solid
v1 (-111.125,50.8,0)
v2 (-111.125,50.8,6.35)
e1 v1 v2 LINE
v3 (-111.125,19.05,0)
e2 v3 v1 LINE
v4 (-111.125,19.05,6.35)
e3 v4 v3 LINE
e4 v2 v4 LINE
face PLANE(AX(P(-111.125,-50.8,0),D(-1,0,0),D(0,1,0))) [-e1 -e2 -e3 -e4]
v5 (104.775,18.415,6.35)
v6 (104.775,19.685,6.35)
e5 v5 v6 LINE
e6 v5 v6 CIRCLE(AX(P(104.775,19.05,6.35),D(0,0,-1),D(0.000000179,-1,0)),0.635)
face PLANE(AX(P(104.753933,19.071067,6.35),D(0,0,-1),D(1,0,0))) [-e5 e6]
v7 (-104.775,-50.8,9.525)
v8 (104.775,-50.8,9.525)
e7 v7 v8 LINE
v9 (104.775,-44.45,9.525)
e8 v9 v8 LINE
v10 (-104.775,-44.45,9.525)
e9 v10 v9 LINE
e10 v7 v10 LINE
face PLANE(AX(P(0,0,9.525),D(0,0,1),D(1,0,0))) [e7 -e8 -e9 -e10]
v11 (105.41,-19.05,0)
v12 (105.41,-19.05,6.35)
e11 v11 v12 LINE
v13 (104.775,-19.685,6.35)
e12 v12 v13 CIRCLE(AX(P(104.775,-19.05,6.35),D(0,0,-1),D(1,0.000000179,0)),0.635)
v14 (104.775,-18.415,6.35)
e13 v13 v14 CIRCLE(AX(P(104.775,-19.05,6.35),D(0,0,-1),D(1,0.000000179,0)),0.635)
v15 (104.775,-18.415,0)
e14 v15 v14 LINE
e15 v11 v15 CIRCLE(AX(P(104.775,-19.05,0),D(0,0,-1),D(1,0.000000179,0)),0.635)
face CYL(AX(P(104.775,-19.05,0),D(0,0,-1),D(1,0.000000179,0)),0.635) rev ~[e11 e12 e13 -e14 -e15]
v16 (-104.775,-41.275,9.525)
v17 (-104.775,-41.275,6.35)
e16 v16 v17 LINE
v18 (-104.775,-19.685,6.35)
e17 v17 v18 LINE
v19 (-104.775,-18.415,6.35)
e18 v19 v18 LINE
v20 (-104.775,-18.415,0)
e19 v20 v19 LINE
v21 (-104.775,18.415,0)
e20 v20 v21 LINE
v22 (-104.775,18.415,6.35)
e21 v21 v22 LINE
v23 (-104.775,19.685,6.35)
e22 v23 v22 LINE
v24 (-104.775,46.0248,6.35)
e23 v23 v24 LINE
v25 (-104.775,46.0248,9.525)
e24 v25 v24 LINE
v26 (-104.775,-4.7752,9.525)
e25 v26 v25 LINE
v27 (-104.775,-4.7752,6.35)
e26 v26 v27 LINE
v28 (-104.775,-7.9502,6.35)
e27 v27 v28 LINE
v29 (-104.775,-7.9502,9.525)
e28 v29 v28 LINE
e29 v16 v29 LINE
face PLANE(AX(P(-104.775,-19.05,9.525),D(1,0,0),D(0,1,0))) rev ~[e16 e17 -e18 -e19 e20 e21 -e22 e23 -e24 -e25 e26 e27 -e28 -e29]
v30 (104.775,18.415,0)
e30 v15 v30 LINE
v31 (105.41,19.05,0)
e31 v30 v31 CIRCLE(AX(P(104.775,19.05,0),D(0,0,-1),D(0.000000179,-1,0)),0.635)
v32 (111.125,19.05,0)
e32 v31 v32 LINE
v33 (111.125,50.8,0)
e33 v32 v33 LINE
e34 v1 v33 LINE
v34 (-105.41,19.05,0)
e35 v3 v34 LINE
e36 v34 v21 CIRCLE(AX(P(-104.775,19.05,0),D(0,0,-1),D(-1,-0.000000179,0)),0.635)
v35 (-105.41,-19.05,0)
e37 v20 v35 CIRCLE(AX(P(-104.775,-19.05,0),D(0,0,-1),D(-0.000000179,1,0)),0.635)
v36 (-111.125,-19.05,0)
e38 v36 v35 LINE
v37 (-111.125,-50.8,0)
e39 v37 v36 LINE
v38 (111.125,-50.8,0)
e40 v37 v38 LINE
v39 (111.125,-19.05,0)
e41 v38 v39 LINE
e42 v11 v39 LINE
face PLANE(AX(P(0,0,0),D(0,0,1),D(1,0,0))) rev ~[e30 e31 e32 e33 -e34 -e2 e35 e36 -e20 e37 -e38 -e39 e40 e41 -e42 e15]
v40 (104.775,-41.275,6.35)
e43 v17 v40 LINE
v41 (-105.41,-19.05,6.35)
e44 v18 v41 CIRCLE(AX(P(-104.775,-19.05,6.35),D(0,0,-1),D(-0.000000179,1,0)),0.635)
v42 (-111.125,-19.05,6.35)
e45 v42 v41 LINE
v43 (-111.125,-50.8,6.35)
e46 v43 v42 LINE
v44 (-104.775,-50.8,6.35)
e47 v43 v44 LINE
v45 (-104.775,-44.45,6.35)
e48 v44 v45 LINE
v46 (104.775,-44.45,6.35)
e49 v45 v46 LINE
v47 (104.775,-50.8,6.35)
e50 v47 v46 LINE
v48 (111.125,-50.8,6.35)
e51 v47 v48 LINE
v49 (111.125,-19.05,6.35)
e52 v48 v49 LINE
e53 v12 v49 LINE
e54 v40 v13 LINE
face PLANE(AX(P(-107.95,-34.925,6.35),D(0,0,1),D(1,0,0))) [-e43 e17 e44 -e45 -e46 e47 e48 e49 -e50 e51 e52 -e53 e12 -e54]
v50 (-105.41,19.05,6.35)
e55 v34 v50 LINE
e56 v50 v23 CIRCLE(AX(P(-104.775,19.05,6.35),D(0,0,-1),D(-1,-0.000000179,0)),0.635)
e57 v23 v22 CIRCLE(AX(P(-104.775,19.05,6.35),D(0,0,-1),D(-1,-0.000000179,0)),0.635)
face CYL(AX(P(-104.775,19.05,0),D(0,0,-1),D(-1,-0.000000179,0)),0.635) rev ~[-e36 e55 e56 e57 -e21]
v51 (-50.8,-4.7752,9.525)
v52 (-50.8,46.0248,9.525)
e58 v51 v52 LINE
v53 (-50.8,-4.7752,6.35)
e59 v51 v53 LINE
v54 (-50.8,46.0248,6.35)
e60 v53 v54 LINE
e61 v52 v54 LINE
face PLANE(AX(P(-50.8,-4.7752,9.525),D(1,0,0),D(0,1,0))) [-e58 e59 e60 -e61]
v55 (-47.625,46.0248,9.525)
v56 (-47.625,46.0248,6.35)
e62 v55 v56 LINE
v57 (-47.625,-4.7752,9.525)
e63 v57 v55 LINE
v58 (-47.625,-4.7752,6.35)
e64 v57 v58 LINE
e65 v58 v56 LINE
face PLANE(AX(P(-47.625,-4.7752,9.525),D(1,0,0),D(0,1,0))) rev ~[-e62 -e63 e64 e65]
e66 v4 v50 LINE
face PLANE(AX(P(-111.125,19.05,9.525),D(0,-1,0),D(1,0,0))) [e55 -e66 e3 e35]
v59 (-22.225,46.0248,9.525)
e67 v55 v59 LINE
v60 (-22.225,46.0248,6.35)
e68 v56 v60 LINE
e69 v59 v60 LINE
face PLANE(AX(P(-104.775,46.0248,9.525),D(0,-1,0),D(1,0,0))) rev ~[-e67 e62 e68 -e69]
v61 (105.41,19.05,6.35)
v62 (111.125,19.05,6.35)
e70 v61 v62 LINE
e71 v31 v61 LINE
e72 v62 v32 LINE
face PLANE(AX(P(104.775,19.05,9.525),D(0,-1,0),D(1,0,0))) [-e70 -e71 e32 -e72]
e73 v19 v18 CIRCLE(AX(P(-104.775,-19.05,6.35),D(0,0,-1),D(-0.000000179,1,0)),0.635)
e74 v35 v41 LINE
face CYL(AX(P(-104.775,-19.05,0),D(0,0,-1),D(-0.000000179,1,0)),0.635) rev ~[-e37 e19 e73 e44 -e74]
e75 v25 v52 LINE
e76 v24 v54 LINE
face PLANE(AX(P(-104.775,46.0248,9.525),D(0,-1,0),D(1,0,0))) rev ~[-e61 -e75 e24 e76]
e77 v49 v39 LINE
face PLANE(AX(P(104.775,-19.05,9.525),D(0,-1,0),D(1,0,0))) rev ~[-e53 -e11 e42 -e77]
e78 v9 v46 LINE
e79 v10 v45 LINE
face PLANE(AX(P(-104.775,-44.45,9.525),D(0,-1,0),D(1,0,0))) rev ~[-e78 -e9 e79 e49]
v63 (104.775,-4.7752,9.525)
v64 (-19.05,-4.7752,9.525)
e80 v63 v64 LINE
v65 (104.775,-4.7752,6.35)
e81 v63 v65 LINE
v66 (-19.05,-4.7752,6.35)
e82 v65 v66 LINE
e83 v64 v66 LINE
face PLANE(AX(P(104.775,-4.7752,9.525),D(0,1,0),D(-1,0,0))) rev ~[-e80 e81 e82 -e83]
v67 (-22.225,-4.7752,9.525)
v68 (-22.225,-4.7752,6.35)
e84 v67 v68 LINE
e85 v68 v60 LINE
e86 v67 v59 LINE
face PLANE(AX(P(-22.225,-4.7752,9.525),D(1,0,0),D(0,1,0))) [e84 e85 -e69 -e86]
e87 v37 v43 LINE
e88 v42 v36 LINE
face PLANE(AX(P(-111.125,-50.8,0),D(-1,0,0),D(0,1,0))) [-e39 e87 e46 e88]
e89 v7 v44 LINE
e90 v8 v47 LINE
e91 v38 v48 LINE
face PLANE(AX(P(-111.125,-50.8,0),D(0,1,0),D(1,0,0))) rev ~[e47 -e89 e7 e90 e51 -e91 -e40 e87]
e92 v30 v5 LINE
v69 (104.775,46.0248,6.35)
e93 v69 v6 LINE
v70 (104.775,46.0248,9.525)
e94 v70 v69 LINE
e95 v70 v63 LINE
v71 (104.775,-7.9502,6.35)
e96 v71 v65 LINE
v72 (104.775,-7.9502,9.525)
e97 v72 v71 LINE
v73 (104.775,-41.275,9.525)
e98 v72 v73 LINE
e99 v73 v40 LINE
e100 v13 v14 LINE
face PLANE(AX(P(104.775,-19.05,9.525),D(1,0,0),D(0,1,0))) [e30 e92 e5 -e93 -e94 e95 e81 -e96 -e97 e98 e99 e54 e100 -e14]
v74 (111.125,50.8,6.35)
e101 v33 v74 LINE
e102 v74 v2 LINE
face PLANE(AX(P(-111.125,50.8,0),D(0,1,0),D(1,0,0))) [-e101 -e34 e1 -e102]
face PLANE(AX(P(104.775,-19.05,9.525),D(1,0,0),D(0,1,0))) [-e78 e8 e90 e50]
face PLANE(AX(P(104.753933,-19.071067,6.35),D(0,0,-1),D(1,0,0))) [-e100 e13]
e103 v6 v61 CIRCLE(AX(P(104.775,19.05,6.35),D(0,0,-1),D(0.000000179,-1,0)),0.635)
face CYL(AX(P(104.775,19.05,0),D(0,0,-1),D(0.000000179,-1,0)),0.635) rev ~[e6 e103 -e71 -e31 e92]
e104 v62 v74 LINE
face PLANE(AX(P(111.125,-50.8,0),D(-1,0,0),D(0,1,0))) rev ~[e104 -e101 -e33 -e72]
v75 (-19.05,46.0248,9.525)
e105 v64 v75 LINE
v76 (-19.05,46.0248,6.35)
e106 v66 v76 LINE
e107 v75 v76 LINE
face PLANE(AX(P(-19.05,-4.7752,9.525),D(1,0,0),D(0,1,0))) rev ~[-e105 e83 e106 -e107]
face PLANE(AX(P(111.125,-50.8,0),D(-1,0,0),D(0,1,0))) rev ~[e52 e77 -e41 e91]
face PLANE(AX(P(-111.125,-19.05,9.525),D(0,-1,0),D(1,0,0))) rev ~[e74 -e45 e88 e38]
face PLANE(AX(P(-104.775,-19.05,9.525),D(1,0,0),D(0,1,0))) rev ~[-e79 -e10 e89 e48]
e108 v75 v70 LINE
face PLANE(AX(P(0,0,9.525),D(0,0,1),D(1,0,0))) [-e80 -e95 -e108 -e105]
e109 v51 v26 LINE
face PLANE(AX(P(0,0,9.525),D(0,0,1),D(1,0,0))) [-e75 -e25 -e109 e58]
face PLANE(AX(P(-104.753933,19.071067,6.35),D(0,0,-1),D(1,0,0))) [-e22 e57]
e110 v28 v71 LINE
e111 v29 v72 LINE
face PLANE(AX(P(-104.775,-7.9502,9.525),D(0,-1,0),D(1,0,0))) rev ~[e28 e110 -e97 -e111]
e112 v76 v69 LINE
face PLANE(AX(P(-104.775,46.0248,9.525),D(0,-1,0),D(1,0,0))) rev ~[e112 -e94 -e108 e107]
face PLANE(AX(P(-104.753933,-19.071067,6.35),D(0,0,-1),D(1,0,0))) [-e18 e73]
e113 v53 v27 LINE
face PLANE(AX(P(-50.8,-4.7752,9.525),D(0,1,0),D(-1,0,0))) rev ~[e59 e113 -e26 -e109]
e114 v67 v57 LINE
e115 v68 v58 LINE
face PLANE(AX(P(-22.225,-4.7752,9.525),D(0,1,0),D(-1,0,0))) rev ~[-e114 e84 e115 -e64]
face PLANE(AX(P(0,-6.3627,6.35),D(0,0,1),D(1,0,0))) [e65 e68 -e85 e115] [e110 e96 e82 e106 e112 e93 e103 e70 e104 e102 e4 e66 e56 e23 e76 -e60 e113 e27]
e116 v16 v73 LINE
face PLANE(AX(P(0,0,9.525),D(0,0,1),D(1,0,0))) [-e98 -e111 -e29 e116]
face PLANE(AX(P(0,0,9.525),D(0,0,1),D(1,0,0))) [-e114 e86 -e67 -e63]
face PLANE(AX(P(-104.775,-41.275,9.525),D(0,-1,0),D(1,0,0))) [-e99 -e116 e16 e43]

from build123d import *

# Parameters (mm, degrees)
F0_W     = 222.25
F0_H     = 101.6
F1_DEPTH = 9.525
F2_W     = 6.35
F2_H     = 38.1
F3_DEPTH = 9.526
F4_W     = 6.35
F4_H     = 31.75
F5_DEPTH = 3.175
F6_W     = 209.55
F6_H     = 3.175
F6_W_2   = 3.175
F6_H_2   = 50.8
F7_DEPTH = 3.175
F9_DEPTH = 6.35


with BuildPart() as f1:
    # F0 (on Top) → F1 (new body)
    with BuildSketch(Plane.XY):
        Rectangle(F0_W, F0_H)
    extrude(amount=F1_DEPTH)

    # F2 (on face) → F3 (cut, through all)
    with BuildSketch(Plane.XY.offset(9.525)):
        with Locations((-107.95, 0)):
            Rectangle(F2_W, F2_H)
        with Locations((107.95, 0)):
            Rectangle(F2_W, F2_H)
    extrude(amount=-F3_DEPTH, mode=Mode.SUBTRACT)

    # F4 (on face) → F5 (cut)
    with BuildSketch(Plane.XY.offset(9.525)):
        Polygon((-111.125, 19.05), (-104.775, 19.05), (-104.775, 46.0248), (104.775, 46.0248), (104.775, 19.05), (111.125, 19.05), (111.125, 50.8), (-111.125, 50.8), align=None)
        with Locations((-107.95, -34.925)):
            Rectangle(F4_W, F4_H)
        with Locations((107.95, -34.925)):
            Rectangle(F4_W, F4_H)
    extrude(amount=-F5_DEPTH, mode=Mode.SUBTRACT)

    # F6 (on face) → F7 (cut)
    with BuildSketch(Plane.XY.offset(9.525)):
        with Locations((0, -42.8625)):
            Rectangle(F6_W, F6_H)
        Polygon((-50.8, -4.7752), (-104.775, -4.7752), (-104.775, -7.9502), (104.775, -7.9502), (104.775, -4.7752), (-19.05, -4.7752), (-22.225, -4.7752), (-47.625, -4.7752), align=None)
        with Locations((-49.2125, 20.6248)):
            Rectangle(F6_W_2, F6_H_2)
        with Locations((-20.6375, 20.6248)):
            Rectangle(F6_W_2, F6_H_2)
    extrude(amount=-F7_DEPTH, mode=Mode.SUBTRACT)

    # F8 (on face) → F9 (cut, through all)
    with BuildSketch(Plane(origin=(0, 0, 0), x_dir=(1, 0, 0), z_dir=(0, 0, -1))):
        with BuildLine():
            Line((104.775, -19.05), (104.775, -18.415))
            ThreePointArc((104.775, -18.415), (104.325987, -19.499013), (105.41, -19.05))
            Line((105.41, -19.05), (104.775, -19.05))
        make_face()
        with BuildLine():
            ThreePointArc((105.41, 19.05), (104.325987, 19.499013), (104.775, 18.415))
            Line((104.775, 18.415), (104.775, 19.05))
            Line((104.775, 19.05), (105.41, 19.05))
        make_face()
        with BuildLine():
            Line((-104.775, 19.05), (-104.775, 18.415))
            ThreePointArc((-104.775, 18.415), (-104.325987, 19.499013), (-105.41, 19.05))
            Line((-105.41, 19.05), (-104.775, 19.05))
        make_face()
        with BuildLine():
            ThreePointArc((-105.41, -19.05), (-104.325987, -19.499013), (-104.775, -18.415))
            Line((-104.775, -18.415), (-104.775, -19.05))
            Line((-104.775, -19.05), (-105.41, -19.05))
        make_face()
    extrude(amount=-F9_DEPTH, mode=Mode.SUBTRACT)


solid = f1.part
